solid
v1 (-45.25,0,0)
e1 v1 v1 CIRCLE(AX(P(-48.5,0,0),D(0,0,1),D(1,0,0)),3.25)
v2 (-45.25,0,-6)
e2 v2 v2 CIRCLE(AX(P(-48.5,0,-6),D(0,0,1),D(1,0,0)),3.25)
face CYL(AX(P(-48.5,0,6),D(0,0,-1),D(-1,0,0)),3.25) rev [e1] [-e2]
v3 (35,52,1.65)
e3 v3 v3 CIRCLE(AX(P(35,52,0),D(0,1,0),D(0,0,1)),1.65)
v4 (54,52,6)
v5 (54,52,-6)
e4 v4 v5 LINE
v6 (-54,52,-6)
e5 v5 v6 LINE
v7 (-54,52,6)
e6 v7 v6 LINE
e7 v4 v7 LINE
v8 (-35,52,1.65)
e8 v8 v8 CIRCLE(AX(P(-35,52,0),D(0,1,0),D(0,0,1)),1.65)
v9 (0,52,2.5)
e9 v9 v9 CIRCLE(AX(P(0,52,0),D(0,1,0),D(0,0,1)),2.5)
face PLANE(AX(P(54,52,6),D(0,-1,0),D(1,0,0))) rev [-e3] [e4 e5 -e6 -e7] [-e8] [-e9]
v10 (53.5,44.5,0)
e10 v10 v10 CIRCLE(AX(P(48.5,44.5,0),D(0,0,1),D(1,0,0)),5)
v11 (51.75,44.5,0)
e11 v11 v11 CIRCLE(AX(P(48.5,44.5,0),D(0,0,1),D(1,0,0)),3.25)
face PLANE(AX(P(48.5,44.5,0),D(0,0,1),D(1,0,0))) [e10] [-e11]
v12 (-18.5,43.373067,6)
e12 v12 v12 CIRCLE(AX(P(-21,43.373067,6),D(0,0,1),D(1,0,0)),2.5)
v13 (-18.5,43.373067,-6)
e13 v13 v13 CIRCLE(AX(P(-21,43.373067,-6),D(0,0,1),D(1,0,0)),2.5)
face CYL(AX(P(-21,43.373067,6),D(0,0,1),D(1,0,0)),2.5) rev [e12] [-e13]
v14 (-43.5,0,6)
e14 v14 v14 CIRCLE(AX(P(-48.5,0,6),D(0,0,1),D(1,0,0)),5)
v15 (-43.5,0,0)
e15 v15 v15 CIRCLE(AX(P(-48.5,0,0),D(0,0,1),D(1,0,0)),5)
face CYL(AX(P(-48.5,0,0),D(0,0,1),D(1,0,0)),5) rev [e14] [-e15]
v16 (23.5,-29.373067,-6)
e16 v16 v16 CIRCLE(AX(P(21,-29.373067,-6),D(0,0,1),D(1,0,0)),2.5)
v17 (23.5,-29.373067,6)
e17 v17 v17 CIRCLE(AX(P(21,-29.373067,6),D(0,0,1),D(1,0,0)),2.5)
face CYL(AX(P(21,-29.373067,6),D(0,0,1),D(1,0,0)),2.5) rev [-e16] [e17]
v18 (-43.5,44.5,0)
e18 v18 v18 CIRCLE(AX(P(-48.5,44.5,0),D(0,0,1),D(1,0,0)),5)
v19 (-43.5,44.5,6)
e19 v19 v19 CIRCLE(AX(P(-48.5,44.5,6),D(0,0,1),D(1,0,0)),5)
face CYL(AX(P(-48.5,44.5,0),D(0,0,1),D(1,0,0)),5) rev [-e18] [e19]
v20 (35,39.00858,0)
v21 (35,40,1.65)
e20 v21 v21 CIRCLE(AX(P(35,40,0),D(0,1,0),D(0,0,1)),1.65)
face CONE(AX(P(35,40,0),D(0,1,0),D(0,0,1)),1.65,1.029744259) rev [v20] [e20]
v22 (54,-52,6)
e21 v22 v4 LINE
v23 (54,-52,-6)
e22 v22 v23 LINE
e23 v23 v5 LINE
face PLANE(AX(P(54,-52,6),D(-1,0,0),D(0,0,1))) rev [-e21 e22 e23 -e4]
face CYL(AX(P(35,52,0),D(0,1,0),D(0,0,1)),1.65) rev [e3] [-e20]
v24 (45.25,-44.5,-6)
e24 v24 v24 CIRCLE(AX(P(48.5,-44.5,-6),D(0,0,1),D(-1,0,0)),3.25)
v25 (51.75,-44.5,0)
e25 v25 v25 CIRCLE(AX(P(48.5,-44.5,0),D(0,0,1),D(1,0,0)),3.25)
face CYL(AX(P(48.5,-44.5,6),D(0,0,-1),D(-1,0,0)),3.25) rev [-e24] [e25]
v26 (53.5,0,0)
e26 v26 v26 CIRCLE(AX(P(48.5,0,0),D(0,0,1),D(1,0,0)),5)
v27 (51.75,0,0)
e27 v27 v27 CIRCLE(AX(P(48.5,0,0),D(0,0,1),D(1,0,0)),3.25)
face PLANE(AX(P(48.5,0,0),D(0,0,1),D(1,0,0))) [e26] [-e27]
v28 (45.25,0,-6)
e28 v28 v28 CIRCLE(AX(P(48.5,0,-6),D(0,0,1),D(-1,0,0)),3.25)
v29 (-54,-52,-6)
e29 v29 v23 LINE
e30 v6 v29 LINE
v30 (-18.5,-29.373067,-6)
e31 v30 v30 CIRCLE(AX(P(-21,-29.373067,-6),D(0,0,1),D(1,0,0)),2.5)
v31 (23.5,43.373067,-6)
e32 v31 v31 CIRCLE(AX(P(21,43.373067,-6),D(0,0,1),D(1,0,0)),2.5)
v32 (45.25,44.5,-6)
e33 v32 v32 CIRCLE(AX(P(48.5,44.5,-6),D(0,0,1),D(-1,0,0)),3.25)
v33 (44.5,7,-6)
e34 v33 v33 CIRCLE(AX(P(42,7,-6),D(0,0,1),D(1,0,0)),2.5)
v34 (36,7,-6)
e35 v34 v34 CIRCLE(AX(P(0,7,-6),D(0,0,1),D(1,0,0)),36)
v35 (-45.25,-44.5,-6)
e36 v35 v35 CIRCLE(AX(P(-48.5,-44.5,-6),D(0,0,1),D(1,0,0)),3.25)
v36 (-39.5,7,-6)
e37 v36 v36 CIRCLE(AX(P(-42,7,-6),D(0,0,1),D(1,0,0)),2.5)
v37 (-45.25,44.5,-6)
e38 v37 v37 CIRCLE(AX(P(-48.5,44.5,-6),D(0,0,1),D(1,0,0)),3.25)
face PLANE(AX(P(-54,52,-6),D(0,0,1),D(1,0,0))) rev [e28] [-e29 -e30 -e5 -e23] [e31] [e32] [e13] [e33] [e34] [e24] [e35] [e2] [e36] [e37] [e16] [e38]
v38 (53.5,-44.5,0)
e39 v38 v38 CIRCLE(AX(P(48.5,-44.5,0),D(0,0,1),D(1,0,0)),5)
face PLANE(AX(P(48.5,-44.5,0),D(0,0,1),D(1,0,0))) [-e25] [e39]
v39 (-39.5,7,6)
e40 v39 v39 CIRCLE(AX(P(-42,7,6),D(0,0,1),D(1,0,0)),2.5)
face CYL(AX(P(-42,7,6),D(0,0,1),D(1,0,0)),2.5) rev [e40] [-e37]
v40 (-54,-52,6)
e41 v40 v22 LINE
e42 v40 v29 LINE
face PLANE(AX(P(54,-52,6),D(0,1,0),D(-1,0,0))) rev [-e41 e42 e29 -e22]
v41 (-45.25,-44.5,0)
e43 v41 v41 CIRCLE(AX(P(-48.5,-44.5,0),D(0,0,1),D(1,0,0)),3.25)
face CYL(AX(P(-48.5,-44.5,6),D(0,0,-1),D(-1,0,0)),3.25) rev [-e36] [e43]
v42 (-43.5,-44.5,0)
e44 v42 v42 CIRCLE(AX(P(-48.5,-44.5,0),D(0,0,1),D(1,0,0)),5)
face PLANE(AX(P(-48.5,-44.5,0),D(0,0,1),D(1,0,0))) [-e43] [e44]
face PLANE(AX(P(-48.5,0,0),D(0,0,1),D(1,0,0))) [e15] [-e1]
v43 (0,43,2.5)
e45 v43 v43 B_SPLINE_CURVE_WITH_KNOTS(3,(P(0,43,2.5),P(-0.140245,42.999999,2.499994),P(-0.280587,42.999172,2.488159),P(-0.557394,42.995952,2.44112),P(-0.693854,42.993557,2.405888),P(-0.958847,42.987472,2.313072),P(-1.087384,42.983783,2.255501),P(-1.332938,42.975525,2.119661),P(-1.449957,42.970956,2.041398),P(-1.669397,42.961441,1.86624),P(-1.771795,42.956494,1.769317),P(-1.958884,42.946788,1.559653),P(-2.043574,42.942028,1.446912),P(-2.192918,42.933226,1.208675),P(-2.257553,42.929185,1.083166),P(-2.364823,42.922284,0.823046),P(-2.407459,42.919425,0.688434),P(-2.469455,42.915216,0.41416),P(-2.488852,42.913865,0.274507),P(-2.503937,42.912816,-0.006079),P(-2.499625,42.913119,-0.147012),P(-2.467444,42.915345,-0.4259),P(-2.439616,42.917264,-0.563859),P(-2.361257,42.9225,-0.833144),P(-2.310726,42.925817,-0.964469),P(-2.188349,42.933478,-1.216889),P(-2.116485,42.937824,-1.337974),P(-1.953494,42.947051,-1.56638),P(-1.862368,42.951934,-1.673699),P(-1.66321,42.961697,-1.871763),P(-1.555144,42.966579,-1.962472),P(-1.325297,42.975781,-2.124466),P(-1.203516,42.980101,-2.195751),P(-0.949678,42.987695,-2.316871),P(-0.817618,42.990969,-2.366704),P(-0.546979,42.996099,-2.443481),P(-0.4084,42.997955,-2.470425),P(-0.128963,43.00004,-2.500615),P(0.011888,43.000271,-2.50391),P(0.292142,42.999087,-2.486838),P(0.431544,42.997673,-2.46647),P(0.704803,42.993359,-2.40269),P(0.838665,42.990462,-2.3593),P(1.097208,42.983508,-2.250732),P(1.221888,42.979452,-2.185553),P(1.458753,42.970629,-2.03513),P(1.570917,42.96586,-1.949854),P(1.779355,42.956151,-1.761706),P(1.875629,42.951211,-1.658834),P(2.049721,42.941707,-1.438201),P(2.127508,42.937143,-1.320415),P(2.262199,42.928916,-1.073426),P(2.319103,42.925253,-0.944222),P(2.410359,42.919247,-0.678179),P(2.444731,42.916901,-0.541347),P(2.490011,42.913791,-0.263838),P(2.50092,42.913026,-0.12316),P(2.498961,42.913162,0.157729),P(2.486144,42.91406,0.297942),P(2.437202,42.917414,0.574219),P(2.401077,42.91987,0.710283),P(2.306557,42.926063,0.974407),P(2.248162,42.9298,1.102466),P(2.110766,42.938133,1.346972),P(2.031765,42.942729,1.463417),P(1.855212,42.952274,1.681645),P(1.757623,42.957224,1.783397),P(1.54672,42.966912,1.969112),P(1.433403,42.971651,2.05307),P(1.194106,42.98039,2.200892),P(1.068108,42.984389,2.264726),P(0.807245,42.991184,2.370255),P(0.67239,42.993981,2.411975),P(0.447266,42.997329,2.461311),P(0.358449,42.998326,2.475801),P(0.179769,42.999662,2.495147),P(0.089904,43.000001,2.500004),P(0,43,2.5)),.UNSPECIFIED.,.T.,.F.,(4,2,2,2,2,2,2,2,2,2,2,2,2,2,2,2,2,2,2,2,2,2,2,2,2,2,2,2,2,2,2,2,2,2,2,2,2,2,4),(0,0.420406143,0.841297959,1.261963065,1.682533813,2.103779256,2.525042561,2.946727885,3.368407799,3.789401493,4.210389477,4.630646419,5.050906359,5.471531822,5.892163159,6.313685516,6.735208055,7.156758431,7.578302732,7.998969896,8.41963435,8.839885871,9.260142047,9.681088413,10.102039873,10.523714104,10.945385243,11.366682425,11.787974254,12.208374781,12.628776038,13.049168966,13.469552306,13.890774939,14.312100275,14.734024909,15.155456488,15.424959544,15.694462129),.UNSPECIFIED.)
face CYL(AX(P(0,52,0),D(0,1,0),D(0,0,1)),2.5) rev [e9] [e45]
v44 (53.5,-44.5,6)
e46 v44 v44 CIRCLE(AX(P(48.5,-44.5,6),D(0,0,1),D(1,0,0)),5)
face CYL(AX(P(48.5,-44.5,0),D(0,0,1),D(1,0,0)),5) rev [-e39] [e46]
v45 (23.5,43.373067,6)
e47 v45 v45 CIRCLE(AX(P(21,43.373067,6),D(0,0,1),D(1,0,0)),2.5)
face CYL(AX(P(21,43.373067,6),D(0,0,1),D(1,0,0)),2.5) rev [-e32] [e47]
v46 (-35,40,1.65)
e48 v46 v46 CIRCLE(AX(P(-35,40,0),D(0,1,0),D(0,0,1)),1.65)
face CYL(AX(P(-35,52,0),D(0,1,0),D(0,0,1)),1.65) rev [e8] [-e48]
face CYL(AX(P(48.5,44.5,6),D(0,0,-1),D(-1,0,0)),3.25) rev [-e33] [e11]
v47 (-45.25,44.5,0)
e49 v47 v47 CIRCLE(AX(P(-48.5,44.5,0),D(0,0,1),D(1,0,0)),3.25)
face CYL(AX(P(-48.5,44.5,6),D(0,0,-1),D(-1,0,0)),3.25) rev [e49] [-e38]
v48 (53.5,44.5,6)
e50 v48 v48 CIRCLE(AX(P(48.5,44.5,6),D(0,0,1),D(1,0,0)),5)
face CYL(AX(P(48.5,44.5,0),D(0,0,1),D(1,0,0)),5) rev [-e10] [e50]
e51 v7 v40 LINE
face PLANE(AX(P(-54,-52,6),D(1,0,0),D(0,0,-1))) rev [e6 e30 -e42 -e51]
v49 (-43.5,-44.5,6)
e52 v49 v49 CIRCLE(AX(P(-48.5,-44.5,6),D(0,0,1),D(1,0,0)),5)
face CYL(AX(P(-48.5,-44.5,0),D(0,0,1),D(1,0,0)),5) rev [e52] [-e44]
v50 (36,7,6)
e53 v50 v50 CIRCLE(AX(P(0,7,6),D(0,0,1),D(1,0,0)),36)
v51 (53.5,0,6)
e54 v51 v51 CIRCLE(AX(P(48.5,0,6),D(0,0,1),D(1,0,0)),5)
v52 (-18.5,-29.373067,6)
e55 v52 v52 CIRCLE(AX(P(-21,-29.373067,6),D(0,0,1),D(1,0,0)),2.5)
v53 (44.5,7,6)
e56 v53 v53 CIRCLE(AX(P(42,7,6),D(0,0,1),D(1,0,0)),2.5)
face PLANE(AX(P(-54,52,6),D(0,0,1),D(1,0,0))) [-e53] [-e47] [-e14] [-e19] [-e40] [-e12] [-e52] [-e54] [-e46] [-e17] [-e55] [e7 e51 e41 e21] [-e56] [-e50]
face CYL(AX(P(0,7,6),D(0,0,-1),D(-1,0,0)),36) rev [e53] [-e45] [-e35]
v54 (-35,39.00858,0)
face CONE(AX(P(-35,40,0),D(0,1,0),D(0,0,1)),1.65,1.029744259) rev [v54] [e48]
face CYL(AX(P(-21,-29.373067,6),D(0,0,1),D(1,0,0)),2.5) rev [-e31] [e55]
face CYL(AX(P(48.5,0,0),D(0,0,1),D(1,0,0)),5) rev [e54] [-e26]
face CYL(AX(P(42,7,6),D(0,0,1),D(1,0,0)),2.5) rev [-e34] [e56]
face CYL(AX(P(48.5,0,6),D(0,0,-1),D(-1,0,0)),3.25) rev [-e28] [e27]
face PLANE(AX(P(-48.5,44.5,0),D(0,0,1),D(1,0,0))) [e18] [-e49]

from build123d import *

# Parameters (mm, degrees)
CROQUIS1_W                = 108
CROQUIS1_H                = 104
CROQUIS1_R                = 36
CROQUIS1_R_2              = 3.25
SALIENTE_EXTRUIR1_DEPTH   = 6
TALADRO_ROSCADO_M61_D     = 5
CROQUIS4_R                = 5
CORTAR_EXTRUIR1_DEPTH     = 6
TALADRO_ROSCADO_M62_D     = 5
TALADRO_ROSCADO_M62_DEPTH = 27
TALADRO_ROSCADO_M62_TIP   = 1.502151548
TALADRO_ROSCADO_M41_D     = 3.3
TALADRO_ROSCADO_M41_DEPTH = 12
TALADRO_ROSCADO_M41_TIP   = 0.991420021


with BuildPart() as part:
    # Croquis1 → Saliente-Extruir1 (new body, symmetric)
    with BuildSketch(Plane.XY):
        Rectangle(CROQUIS1_W, CROQUIS1_H)
        with Locations((0, 7)):
            Circle(CROQUIS1_R, mode=Mode.SUBTRACT)
        with Locations((-48.5, 44.5)):
            Circle(CROQUIS1_R_2, mode=Mode.SUBTRACT)
        with Locations((-48.5, 0)):
            Circle(CROQUIS1_R_2, mode=Mode.SUBTRACT)
        with Locations((-48.5, -44.5)):
            Circle(CROQUIS1_R_2, mode=Mode.SUBTRACT)
        with Locations((48.5, -44.5)):
            Circle(CROQUIS1_R_2, mode=Mode.SUBTRACT)
        with Locations((48.5, 0)):
            Circle(CROQUIS1_R_2, mode=Mode.SUBTRACT)
        with Locations((48.5, 44.5)):
            Circle(CROQUIS1_R_2, mode=Mode.SUBTRACT)
    extrude(amount=SALIENTE_EXTRUIR1_DEPTH, both=True)

    # Taladro roscado M61 (through all)
    with Locations(Plane.XY.offset(6)):
        with Locations((-21, 43.373066959), (-42, 7), (-21, -29.373066959), (21, -29.373066959), (42, 7), (21, 43.373066959)):
            Hole(TALADRO_ROSCADO_M61_D / 2)

    # Croquis4 → Cortar-Extruir1 (cut)
    with BuildSketch(Plane.XY.offset(6)):
        with Locations((-48.5, 44.5)):
            Circle(CROQUIS4_R)
        with Locations((-48.5, 0)):
            Circle(CROQUIS4_R)
        with Locations((-48.5, -44.5)):
            Circle(CROQUIS4_R)
        with Locations((48.5, -44.5)):
            Circle(CROQUIS4_R)
        with Locations((48.5, 0)):
            Circle(CROQUIS4_R)
        with Locations((48.5, 44.5)):
            Circle(CROQUIS4_R)
    extrude(amount=-CORTAR_EXTRUIR1_DEPTH, mode=Mode.SUBTRACT)

    # Taladro roscado M62
    with Locations(Plane(origin=(0, 52, 0), x_dir=(-1, 0, 0), z_dir=(0, 1, 0))):
        with Locations((0, 0)):
            Hole(TALADRO_ROSCADO_M62_D / 2, depth=TALADRO_ROSCADO_M62_DEPTH)
            with Locations((0, 0, -(TALADRO_ROSCADO_M62_DEPTH + TALADRO_ROSCADO_M62_TIP / 2))):  # 118° drill point
                Cone(0, TALADRO_ROSCADO_M62_D / 2, TALADRO_ROSCADO_M62_TIP, mode=Mode.SUBTRACT)

    # Taladro roscado M41
    with Locations(Plane(origin=(0, 52, 0), x_dir=(-1, 0, 0), z_dir=(0, 1, 0))):
        with Locations((35, 0), (-35, 0)):
            Hole(TALADRO_ROSCADO_M41_D / 2, depth=TALADRO_ROSCADO_M41_DEPTH)
            with Locations((0, 0, -(TALADRO_ROSCADO_M41_DEPTH + TALADRO_ROSCADO_M41_TIP / 2))):  # 118° drill point
                Cone(0, TALADRO_ROSCADO_M41_D / 2, TALADRO_ROSCADO_M41_TIP, mode=Mode.SUBTRACT)


solid = part.part
